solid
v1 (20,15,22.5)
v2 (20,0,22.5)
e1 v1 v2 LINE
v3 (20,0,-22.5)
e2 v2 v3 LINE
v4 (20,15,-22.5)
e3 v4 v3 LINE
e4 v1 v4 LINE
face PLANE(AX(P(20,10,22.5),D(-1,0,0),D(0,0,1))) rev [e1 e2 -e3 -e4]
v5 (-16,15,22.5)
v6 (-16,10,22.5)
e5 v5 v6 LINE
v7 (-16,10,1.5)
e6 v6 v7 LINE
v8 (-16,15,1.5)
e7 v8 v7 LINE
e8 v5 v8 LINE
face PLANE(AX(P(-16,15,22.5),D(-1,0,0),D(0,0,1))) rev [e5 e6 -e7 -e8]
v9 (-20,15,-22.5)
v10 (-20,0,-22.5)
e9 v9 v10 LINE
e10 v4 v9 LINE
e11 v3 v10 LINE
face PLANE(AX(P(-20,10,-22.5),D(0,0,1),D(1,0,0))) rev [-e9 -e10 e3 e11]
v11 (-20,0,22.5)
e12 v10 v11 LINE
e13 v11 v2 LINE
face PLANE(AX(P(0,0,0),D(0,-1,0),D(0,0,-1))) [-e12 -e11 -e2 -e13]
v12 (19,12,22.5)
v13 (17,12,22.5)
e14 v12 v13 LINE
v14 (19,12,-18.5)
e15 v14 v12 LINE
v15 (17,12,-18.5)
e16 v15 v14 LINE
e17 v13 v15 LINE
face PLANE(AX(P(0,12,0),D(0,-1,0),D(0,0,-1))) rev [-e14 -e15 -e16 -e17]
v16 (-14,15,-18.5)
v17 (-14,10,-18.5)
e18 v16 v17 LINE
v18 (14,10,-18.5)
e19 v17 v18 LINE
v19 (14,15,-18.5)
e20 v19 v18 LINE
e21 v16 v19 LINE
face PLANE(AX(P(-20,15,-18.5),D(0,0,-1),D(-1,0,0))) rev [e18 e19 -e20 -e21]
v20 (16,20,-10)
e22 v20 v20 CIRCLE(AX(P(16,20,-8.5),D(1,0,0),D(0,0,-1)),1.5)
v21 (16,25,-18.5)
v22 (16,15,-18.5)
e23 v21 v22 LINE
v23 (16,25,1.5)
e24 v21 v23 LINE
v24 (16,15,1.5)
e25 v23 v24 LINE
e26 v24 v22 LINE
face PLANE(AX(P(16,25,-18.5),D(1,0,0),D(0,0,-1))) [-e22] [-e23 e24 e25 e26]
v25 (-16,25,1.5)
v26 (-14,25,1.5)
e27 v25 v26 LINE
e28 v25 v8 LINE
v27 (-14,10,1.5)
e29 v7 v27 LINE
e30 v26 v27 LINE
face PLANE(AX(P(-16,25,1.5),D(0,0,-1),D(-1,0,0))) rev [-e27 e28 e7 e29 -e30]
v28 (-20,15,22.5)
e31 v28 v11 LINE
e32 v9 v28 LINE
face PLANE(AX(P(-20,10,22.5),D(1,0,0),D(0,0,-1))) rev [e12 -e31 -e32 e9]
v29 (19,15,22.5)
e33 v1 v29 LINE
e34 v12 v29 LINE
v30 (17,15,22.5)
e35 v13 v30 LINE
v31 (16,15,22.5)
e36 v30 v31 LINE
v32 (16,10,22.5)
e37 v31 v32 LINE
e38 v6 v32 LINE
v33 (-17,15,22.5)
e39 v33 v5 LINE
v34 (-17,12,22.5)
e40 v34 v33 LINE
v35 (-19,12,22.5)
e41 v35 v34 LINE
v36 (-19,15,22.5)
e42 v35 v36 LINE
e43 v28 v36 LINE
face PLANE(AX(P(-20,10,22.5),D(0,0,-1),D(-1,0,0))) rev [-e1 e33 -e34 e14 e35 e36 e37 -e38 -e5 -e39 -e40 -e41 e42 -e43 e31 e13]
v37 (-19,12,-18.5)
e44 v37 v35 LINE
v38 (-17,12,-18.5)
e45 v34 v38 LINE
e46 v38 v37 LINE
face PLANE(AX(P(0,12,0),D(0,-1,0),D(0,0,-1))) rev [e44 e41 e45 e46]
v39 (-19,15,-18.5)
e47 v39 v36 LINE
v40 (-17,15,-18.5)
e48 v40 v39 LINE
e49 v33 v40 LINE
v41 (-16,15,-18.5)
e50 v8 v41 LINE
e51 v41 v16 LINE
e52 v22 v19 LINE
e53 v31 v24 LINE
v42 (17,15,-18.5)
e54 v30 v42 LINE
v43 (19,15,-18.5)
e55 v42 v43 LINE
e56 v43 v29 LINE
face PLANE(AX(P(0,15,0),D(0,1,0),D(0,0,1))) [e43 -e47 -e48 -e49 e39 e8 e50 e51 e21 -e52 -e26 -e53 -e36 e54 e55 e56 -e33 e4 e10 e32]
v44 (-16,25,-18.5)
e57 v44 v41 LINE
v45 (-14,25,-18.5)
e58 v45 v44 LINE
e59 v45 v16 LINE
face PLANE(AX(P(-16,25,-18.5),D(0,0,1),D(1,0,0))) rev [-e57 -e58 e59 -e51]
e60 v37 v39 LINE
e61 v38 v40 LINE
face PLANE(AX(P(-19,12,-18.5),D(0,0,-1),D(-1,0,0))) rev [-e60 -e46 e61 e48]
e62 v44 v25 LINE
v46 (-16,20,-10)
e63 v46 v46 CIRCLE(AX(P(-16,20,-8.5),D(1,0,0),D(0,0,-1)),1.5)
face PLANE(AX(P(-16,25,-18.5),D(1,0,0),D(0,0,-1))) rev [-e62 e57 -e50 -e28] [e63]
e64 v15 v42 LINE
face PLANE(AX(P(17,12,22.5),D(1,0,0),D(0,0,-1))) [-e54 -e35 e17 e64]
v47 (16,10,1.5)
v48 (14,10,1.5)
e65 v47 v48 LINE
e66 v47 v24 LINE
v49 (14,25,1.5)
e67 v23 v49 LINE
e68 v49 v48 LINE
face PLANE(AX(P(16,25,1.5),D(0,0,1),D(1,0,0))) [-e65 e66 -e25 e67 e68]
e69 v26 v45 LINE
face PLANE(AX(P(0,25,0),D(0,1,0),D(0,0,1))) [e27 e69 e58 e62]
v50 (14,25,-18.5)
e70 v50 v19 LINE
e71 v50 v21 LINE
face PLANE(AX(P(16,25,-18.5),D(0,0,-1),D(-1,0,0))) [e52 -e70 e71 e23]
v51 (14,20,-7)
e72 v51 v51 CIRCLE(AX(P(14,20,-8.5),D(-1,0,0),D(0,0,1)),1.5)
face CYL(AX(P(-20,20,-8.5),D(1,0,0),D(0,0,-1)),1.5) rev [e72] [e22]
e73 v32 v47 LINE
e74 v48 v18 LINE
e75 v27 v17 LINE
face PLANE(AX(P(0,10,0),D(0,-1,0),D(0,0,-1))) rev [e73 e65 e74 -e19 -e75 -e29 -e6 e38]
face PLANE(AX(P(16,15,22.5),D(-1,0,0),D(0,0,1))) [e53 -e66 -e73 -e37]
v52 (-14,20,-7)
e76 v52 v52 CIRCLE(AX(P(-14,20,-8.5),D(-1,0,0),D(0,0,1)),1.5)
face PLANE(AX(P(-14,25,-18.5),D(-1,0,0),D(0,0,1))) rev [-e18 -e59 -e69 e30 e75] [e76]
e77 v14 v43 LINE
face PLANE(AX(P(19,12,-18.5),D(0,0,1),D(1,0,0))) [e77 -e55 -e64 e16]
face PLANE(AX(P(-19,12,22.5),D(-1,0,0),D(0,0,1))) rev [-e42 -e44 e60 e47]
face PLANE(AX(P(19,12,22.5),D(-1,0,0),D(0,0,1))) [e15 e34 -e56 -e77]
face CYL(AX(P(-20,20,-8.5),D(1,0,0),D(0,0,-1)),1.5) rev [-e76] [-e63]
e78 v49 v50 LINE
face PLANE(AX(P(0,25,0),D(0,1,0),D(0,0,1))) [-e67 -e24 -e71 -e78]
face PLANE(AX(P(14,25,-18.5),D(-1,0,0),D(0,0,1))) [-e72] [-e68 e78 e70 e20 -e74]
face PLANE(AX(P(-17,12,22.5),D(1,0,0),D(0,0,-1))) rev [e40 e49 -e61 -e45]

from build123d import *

# Parameters (mm, degrees)
SKETCH1_W               = 40
SKETCH1_H               = 45
BOSS_EXTRUDE1_DEPTH     = 10
SKETCH2_W               = 40
SKETCH2_H               = 4
BOSS_EXTRUDE2_DEPTH     = 5
SKETCH3_W               = 4
SKETCH3_H               = 41
BOSS_EXTRUDE3_DEPTH     = 5
SKETCH4_W               = 2
SKETCH4_H               = 41
CUT_EXTRUDE1_DEPTH      = 3
SKETCH5_W               = 2
SKETCH5_H               = 20
BOSS_EXTRUDE4_DEPTH     = 15
CUT_EXTRUDE2_DEPTH      = 50.267129001
CUT_EXTRUDE2_DEPTH_BACK = 50.267129001
SKETCH8_R               = 1.5


with BuildPart() as part:
    # Sketch1 → Boss-Extrude1 (new body)
    with BuildSketch(Plane(origin=(0, 0, 0), x_dir=(1, 0, 0), z_dir=(0, 1, 0))):
        Rectangle(SKETCH1_W, SKETCH1_H)
    extrude(amount=BOSS_EXTRUDE1_DEPTH)

    # Sketch2 → Boss-Extrude2 (add)
    with BuildSketch(Plane(origin=(0, 10, 0), x_dir=(1, 0, 0), z_dir=(0, 1, 0))):
        with Locations((0, 20.5)):
            Rectangle(SKETCH2_W, SKETCH2_H)
    extrude(amount=BOSS_EXTRUDE2_DEPTH)

    # Sketch3 → Boss-Extrude3 (add)
    with BuildSketch(Plane(origin=(0, 10, 0), x_dir=(1, 0, 0), z_dir=(0, 1, 0))):
        with Locations((-18, -2)):
            Rectangle(SKETCH3_W, SKETCH3_H)
    boss_extrude3 = extrude(amount=BOSS_EXTRUDE3_DEPTH)

    # Sketch4 → Cut-Extrude1 (cut)
    with BuildSketch(Plane(origin=(0, 15, 0), x_dir=(1, 0, 0), z_dir=(0, 1, 0))):
        with Locations((-18, -2)):
            Rectangle(SKETCH4_W, SKETCH4_H)
    cut_extrude1 = extrude(amount=-CUT_EXTRUDE1_DEPTH, mode=Mode.SUBTRACT)

    # Mirror1: Boss-Extrude3, Cut-Extrude1 across plane
    add(boss_extrude3.mirror(Plane(origin=(0, 0, 0), x_dir=(0, 0, 1), z_dir=(1, 0, 0))))
    add(cut_extrude1.mirror(Plane(origin=(0, 0, 0), x_dir=(0, 0, 1), z_dir=(1, 0, 0))), mode=Mode.SUBTRACT)

    # Sketch5 → Boss-Extrude4 (add)
    with BuildSketch(Plane(origin=(0, 10, 0), x_dir=(1, 0, 0), z_dir=(0, 1, 0))):
        with Locations((-15, 8.5)):
            Rectangle(SKETCH5_W, SKETCH5_H)
    boss_extrude4 = extrude(amount=BOSS_EXTRUDE4_DEPTH)

    # Mirror2: Boss-Extrude4 across plane
    add(boss_extrude4.mirror(Plane(origin=(0, 0, 0), x_dir=(0, 0, 1), z_dir=(1, 0, 0))))

    # Sketch8 → Cut-Extrude2 (cut, two sides: drawn at the far end of the back side and taken through both)
    with BuildSketch(Plane(origin=(16, 0, 0), x_dir=(0, 0, -1), z_dir=(1, 0, 0)).offset(-CUT_EXTRUDE2_DEPTH_BACK)):
        with Locations((8.5, 20)):
            Circle(SKETCH8_R)
    extrude(amount=CUT_EXTRUDE2_DEPTH + CUT_EXTRUDE2_DEPTH_BACK, mode=Mode.SUBTRACT)


solid = part.part
